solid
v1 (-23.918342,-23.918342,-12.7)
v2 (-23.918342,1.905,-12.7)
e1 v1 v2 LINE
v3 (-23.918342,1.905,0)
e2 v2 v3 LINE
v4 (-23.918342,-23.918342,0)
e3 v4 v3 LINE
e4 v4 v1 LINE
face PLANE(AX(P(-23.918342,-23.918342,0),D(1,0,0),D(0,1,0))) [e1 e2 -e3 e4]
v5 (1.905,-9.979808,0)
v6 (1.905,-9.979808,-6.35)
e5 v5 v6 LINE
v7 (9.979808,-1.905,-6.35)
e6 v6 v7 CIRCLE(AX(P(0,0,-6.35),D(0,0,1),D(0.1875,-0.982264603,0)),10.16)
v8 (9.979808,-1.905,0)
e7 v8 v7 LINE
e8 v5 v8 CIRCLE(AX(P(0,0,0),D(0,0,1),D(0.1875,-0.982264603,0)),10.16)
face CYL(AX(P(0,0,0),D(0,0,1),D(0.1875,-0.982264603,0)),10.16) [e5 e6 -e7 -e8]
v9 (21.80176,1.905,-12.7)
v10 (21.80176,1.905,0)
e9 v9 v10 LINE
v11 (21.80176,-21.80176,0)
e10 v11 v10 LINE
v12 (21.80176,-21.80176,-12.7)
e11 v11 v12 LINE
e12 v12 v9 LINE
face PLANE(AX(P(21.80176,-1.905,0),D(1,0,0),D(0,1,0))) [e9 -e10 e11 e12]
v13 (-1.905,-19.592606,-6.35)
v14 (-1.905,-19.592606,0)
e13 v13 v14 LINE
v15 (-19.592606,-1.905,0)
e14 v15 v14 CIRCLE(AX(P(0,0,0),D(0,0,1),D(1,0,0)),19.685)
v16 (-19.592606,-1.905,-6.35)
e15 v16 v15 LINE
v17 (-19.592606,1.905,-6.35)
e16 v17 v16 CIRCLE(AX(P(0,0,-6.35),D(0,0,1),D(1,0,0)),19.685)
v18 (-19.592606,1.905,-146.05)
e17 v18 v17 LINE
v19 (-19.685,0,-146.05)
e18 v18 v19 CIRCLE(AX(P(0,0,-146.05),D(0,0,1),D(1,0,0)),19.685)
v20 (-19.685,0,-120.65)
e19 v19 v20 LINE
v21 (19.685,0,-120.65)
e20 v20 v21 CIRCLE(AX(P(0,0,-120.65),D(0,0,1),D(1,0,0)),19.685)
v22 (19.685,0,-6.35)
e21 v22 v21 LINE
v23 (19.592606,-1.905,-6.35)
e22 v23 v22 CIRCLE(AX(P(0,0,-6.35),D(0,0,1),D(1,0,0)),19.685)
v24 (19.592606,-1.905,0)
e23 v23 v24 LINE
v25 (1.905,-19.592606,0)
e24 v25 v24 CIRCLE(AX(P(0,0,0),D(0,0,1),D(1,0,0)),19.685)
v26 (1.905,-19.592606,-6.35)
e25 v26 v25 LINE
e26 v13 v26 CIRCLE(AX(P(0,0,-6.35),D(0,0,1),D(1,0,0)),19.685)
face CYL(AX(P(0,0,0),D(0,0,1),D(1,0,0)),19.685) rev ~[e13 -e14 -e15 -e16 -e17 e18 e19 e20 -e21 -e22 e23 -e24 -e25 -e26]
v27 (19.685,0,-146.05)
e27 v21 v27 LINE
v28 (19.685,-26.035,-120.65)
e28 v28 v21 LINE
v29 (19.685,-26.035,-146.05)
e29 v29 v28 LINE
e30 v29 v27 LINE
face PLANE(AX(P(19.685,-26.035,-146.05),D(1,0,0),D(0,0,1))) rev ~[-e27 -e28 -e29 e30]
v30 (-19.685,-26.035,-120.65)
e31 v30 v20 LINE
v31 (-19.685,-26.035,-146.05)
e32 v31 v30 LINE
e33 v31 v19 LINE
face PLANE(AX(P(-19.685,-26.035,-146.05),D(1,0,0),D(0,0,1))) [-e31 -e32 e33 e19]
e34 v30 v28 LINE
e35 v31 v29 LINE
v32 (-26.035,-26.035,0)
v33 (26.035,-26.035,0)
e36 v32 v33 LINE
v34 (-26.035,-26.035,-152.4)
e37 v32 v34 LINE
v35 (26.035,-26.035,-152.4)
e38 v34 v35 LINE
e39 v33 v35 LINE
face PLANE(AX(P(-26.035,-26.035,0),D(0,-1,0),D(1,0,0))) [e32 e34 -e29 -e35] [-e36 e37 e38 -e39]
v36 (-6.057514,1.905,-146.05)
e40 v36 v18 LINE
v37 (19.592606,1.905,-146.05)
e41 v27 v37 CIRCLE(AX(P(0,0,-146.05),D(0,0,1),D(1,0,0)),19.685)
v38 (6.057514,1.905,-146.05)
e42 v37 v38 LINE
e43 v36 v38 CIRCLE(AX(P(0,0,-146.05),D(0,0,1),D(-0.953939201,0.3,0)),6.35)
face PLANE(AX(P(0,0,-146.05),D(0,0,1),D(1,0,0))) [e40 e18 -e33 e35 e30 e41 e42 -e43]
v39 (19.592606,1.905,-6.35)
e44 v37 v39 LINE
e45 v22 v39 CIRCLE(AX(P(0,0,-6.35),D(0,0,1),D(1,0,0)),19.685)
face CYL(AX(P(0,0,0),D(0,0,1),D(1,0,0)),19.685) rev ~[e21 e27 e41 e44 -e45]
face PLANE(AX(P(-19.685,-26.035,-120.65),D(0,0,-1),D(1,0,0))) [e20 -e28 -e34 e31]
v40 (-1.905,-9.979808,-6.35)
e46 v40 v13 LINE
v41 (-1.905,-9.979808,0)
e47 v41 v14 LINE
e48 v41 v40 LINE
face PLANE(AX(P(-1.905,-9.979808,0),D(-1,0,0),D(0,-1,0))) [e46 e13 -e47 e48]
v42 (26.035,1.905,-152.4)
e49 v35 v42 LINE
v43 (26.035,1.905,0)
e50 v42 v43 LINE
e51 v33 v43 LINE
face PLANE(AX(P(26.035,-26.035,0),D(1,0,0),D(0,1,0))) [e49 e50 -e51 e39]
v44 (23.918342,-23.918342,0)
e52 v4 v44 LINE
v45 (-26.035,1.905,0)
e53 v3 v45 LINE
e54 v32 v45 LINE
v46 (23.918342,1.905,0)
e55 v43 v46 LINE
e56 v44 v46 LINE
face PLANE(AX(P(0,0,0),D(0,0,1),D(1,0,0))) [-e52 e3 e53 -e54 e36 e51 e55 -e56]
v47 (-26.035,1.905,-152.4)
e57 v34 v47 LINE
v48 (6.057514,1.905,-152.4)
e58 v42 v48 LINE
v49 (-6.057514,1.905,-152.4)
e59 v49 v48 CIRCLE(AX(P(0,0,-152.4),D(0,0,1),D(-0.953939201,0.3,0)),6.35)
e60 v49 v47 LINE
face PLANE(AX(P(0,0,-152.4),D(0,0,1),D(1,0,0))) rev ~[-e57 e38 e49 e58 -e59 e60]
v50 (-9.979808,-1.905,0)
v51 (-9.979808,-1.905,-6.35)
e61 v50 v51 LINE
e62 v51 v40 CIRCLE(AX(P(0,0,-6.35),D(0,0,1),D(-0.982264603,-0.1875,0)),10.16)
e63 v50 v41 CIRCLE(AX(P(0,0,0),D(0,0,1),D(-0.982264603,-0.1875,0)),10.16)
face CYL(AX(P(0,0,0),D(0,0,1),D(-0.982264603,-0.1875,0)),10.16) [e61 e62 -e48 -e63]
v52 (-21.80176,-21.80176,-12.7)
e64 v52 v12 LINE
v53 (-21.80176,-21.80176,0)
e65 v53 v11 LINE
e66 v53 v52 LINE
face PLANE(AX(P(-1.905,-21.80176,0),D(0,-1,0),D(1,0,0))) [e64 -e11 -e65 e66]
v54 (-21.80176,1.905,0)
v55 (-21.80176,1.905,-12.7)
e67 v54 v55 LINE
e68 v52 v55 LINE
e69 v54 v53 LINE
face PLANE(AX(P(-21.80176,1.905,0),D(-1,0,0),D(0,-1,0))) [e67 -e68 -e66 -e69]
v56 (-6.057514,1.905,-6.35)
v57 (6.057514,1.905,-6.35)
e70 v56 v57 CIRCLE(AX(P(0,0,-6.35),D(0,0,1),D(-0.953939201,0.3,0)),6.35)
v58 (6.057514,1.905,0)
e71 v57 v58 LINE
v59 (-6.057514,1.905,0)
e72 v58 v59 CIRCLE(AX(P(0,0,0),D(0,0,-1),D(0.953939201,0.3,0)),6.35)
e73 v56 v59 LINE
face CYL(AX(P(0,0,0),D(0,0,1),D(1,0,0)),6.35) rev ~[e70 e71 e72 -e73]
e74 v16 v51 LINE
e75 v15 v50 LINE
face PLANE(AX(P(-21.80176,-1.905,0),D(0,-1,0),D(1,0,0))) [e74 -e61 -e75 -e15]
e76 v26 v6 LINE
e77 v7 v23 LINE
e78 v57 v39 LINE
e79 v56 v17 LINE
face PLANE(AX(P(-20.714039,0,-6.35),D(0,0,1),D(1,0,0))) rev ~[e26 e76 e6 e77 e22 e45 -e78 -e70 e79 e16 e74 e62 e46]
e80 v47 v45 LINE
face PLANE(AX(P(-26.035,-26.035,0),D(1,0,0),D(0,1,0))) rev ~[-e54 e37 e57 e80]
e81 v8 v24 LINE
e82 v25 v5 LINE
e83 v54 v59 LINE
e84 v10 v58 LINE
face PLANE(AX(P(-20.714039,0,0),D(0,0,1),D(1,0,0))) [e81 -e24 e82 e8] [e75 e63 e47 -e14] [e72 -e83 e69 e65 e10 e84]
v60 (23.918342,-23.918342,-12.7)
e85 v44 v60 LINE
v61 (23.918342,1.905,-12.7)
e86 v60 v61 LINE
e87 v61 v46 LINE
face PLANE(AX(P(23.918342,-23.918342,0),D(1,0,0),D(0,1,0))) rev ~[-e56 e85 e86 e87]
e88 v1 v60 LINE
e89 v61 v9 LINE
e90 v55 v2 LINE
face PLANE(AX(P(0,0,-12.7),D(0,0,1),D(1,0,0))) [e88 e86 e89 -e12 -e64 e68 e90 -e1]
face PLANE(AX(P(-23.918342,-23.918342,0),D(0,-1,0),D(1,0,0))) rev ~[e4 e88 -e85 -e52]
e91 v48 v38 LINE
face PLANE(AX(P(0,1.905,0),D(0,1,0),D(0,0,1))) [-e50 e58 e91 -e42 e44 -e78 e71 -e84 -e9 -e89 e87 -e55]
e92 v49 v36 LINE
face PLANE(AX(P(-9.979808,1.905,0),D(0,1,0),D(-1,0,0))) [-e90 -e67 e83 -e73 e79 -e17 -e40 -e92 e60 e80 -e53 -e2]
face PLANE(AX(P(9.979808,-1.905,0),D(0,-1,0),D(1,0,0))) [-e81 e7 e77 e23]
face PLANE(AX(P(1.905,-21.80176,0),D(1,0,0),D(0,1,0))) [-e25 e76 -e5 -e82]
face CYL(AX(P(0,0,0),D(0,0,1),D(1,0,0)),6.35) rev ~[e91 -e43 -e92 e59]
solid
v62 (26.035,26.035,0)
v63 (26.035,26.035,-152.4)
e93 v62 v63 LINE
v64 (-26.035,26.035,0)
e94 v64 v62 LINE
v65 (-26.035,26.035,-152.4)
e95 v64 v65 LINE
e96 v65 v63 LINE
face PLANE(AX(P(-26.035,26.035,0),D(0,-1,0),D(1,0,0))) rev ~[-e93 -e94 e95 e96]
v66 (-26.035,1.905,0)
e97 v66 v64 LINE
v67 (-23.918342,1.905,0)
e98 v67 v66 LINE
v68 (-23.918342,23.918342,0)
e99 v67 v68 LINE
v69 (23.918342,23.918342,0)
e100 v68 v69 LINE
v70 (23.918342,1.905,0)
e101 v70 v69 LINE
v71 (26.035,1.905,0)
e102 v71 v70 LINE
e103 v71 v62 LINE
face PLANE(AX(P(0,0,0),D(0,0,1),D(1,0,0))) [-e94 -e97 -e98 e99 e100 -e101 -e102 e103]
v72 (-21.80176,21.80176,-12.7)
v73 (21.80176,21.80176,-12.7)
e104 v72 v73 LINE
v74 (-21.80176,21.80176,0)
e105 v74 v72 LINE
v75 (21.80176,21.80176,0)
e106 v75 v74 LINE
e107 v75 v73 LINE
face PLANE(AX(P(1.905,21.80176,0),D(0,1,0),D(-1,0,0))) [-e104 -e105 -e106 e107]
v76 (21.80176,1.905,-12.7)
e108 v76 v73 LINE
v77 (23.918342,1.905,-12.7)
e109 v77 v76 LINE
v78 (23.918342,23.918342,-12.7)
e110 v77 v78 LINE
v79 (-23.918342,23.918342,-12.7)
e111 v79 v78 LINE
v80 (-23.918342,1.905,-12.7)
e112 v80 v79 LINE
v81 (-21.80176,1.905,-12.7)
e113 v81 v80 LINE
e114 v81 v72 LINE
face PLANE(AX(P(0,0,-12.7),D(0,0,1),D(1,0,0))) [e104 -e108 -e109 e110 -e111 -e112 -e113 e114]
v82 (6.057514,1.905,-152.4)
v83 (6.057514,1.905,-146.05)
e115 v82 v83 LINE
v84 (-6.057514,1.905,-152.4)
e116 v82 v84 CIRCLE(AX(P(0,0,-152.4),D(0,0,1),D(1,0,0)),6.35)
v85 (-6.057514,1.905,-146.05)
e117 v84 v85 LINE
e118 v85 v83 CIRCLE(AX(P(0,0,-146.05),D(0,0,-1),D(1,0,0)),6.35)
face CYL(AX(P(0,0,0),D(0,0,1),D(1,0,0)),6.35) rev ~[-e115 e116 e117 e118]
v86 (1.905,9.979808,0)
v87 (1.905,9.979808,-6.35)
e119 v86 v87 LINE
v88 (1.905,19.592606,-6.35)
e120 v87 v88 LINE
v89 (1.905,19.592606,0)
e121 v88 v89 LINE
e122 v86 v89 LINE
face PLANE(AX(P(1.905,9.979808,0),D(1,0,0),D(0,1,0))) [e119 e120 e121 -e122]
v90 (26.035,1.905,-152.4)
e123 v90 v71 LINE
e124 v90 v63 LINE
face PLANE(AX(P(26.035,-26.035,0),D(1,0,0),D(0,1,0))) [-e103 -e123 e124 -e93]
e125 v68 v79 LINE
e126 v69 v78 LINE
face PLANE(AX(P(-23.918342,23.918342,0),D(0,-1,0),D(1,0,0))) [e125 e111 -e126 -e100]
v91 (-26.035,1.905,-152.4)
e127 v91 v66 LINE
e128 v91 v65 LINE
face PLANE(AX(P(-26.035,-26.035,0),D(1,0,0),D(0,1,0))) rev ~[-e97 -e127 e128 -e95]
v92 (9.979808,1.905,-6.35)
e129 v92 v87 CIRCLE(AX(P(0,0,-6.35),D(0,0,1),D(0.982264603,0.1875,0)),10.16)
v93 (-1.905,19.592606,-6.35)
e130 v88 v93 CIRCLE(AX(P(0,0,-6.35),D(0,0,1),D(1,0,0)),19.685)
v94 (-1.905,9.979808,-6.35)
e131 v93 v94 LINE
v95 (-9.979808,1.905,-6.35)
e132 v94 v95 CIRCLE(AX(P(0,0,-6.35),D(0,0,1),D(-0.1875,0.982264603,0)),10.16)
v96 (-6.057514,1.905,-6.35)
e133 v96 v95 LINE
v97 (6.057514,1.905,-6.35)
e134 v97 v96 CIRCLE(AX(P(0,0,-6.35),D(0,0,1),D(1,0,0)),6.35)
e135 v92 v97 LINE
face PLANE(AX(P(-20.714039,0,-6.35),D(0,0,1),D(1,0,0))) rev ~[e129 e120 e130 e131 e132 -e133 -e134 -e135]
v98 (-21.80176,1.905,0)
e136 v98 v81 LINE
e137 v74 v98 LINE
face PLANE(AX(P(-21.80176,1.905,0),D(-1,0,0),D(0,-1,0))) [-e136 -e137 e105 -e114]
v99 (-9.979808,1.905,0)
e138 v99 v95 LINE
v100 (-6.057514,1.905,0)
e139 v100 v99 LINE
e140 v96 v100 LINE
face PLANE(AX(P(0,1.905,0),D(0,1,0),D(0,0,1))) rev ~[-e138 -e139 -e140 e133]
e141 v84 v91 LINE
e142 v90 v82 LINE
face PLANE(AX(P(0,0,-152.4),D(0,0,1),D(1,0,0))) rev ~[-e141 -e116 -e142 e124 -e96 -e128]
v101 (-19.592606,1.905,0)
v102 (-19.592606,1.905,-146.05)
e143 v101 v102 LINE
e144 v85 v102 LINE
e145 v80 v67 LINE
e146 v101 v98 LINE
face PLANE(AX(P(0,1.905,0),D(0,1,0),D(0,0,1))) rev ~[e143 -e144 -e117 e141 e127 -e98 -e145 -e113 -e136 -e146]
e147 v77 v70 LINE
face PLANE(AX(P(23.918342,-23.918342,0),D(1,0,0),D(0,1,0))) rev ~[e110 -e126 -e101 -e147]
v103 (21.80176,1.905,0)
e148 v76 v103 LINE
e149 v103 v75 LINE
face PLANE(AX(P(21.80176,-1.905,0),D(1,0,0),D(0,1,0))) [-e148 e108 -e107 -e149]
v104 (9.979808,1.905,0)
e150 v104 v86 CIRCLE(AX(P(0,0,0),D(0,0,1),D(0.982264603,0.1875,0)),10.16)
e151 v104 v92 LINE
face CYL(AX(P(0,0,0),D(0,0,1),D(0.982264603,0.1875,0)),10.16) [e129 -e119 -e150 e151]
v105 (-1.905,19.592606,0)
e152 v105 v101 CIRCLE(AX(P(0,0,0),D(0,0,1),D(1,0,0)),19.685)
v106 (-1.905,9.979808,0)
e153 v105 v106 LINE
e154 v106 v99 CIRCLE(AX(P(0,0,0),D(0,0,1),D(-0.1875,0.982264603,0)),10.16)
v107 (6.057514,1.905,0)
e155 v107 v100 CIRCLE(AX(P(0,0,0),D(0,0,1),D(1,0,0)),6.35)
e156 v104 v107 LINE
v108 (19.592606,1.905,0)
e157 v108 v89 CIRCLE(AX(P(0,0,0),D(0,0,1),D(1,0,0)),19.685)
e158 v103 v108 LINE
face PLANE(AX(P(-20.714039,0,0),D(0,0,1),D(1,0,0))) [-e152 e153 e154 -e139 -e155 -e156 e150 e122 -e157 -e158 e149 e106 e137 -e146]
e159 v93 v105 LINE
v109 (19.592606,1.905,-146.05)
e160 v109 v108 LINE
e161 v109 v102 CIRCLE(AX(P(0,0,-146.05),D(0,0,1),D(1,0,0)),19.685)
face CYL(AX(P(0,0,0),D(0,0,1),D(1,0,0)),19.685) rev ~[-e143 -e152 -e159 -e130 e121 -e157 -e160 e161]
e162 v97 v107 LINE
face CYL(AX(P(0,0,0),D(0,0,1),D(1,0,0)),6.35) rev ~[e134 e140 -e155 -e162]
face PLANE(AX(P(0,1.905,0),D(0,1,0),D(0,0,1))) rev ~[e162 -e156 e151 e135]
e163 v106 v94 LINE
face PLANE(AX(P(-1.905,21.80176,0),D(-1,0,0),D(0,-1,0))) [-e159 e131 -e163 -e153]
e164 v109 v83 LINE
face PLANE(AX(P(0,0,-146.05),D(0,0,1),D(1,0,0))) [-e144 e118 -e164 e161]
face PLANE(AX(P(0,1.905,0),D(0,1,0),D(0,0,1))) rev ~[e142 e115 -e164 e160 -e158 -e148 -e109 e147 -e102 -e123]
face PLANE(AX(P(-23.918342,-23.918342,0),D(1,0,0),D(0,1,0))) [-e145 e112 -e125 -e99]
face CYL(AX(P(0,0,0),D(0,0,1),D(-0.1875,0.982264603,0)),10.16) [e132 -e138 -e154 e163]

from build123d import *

# Parameters (mm, degrees)
SKETCH2_W           = 52.07
SKETCH2_H           = 52.07
BOSS_EXTRUDE1_DEPTH = 152.4
SKETCH3_W           = 47.8366836
SKETCH3_H           = 47.8366836
SKETCH3_W_2         = 43.6035196
SKETCH3_H_2         = 43.6035196
CUT_EXTRUDE1_DEPTH  = 12.7
SKETCH4_R           = 19.685
CUT_EXTRUDE2_DEPTH  = 146.05
BOSS_EXTRUDE2_DEPTH = 6.35
SKETCH6_R           = 6.35
CUT_EXTRUDE3_DEPTH  = 157.78457338
SKETCH7_W           = 39.37
SKETCH7_H           = 25.4
CUT_EXTRUDE4_DEPTH  = 26.035


with BuildPart() as part:
    # Sketch2 → Boss-Extrude1 (new body)
    with BuildSketch(Plane.XY):
        Rectangle(SKETCH2_W, SKETCH2_H)
    extrude(amount=-BOSS_EXTRUDE1_DEPTH)

    # Sketch3 → Cut-Extrude1 (cut)
    with BuildSketch(Plane.XY):
        Rectangle(SKETCH3_W, SKETCH3_H)
        Rectangle(SKETCH3_W_2, SKETCH3_H_2, mode=Mode.SUBTRACT)
    extrude(amount=-CUT_EXTRUDE1_DEPTH, mode=Mode.SUBTRACT)

    # Sketch4 → Cut-Extrude2 (cut)
    with BuildSketch(Plane.XY):
        Circle(SKETCH4_R)
    extrude(amount=-CUT_EXTRUDE2_DEPTH, mode=Mode.SUBTRACT)

    # Sketch5 → Boss-Extrude2 (add)
    with BuildSketch(Plane.XY):
        with BuildLine():
            ThreePointArc((-19.592605748, -1.905), (-19.685, 0), (-19.592605748, 1.905))
            Line((-19.592605748, 1.905), (-21.8017598, 1.905))
            Line((-21.8017598, 1.905), (-21.8017598, -1.905))
            Line((-21.8017598, -1.905), (-19.592605748, -1.905))
        make_face()
        with BuildLine():
            Line((-9.979808365, 1.905), (-19.592605748, 1.905))
            ThreePointArc((-19.592605748, 1.905), (-19.685, 0), (-19.592605748, -1.905))
            Line((-19.592605748, -1.905), (-9.979808365, -1.905))
            ThreePointArc((-9.979808365, -1.905), (-10.16, 0), (-9.979808365, 1.905))
        make_face()
        with BuildLine():
            Line((-1.905, -1.905), (-1.905, 1.905))
            Line((-1.905, 1.905), (-9.979808365, 1.905))
            ThreePointArc((-9.979808365, 1.905), (-10.16, 0), (-9.979808365, -1.905))
            Line((-9.979808365, -1.905), (-1.905, -1.905))
        make_face()
        with BuildLine():
            Line((-1.905, -9.979808365), (-1.905, -1.905))
            Line((-1.905, -1.905), (-9.979808365, -1.905))
            ThreePointArc((-9.979808365, -1.905), (-7.184204897, -7.184204897), (-1.905, -9.979808365))
        make_face()
        with BuildLine():
            Line((1.905, -1.905), (-1.905, -1.905))
            Line((-1.905, -1.905), (-1.905, -9.979808365))
            ThreePointArc((-1.905, -9.979808365), (0, -10.16), (1.905, -9.979808365))
            Line((1.905, -9.979808365), (1.905, -1.905))
        make_face()
        with BuildLine():
            Line((9.979808365, -1.905), (1.905, -1.905))
            Line((1.905, -1.905), (1.905, -9.979808365))
            ThreePointArc((1.905, -9.979808365), (7.184204897, -7.184204897), (9.979808365, -1.905))
        make_face()
        with BuildLine():
            Line((9.979808365, 1.905), (1.905, 1.905))
            Line((1.905, 1.905), (1.905, -1.905))
            Line((1.905, -1.905), (9.979808365, -1.905))
            ThreePointArc((9.979808365, -1.905), (10.114851778, -0.956751538), (10.16, 0))
            ThreePointArc((10.16, 0), (10.114851778, 0.956751538), (9.979808365, 1.905))
        make_face()
        with BuildLine():
            ThreePointArc((9.979808365, 1.905), (7.184204897, 7.184204897), (1.905, 9.979808365))
            Line((1.905, 9.979808365), (1.905, 1.905))
            Line((1.905, 1.905), (9.979808365, 1.905))
        make_face()
        with BuildLine():
            ThreePointArc((1.905, 9.979808365), (0, 10.16), (-1.905, 9.979808365))
            Line((-1.905, 9.979808365), (-1.905, 1.905))
            Line((-1.905, 1.905), (1.905, 1.905))
            Line((1.905, 1.905), (1.905, 9.979808365))
        make_face()
        with BuildLine():
            Line((-1.905, 1.905), (-1.905, 9.979808365))
            ThreePointArc((-1.905, 9.979808365), (-7.184204897, 7.184204897), (-9.979808365, 1.905))
            Line((-9.979808365, 1.905), (-1.905, 1.905))
        make_face()
        with BuildLine():
            ThreePointArc((1.905, 19.592605748), (0, 19.685), (-1.905, 19.592605748))
            Line((-1.905, 19.592605748), (-1.905, 9.979808365))
            ThreePointArc((-1.905, 9.979808365), (0, 10.16), (1.905, 9.979808365))
            Line((1.905, 9.979808365), (1.905, 19.592605748))
        make_face()
        with BuildLine():
            Line((1.905, 21.8017598), (-1.905, 21.8017598))
            Line((-1.905, 21.8017598), (-1.905, 19.592605748))
            ThreePointArc((-1.905, 19.592605748), (0, 19.685), (1.905, 19.592605748))
            Line((1.905, 19.592605748), (1.905, 21.8017598))
        make_face()
        with BuildLine():
            ThreePointArc((19.685, 0), (19.661887869, 0.953619643), (19.592605748, 1.905))
            Line((19.592605748, 1.905), (9.979808365, 1.905))
            ThreePointArc((9.979808365, 1.905), (10.114851778, 0.956751538), (10.16, 0))
            ThreePointArc((10.16, 0), (10.114851778, -0.956751538), (9.979808365, -1.905))
            Line((9.979808365, -1.905), (19.592605748, -1.905))
            ThreePointArc((19.592605748, -1.905), (19.661887869, -0.953619643), (19.685, 0))
        make_face()
        with BuildLine():
            Line((21.8017598, 1.905), (19.592605748, 1.905))
            ThreePointArc((19.592605748, 1.905), (19.661887869, 0.953619643), (19.685, 0))
            ThreePointArc((19.685, 0), (19.661887869, -0.953619643), (19.592605748, -1.905))
            Line((19.592605748, -1.905), (21.8017598, -1.905))
            Line((21.8017598, -1.905), (21.8017598, 1.905))
        make_face()
        with BuildLine():
            Line((-1.905, -9.979808365), (-1.905, -19.592605748))
            ThreePointArc((-1.905, -19.592605748), (0, -19.685), (1.905, -19.592605748))
            Line((1.905, -19.592605748), (1.905, -9.979808365))
            ThreePointArc((1.905, -9.979808365), (0, -10.16), (-1.905, -9.979808365))
        make_face()
        with BuildLine():
            ThreePointArc((1.905, -19.592605748), (0, -19.685), (-1.905, -19.592605748))
            Line((-1.905, -19.592605748), (-1.905, -21.8017598))
            Line((-1.905, -21.8017598), (1.905, -21.8017598))
            Line((1.905, -21.8017598), (1.905, -19.592605748))
        make_face()
    extrude(amount=-BOSS_EXTRUDE2_DEPTH)

    # Sketch6 → Cut-Extrude3 (cut, through all)
    with BuildSketch(Plane.XY):
        Circle(SKETCH6_R)
    extrude(amount=-CUT_EXTRUDE3_DEPTH, mode=Mode.SUBTRACT)

    # Sketch7 → Cut-Extrude4 (cut)
    with BuildSketch(Plane.XZ.offset(26.035)):
        with Locations((0, -133.35)):
            Rectangle(SKETCH7_W, SKETCH7_H)
    extrude(amount=-CUT_EXTRUDE4_DEPTH, mode=Mode.SUBTRACT)


with BuildPart() as body_2:
    # Split1: the piece on the far side of the plane
    add(part.part)
    split(bisect_by=Plane.ZX.offset(1.905), keep=Keep.BOTTOM)


with BuildPart() as part_1:
    add(part.part)

    # Split1
    split(bisect_by=Plane.ZX.offset(1.905), keep=Keep.TOP)


solid = Compound([body_2.part, part_1.part])
